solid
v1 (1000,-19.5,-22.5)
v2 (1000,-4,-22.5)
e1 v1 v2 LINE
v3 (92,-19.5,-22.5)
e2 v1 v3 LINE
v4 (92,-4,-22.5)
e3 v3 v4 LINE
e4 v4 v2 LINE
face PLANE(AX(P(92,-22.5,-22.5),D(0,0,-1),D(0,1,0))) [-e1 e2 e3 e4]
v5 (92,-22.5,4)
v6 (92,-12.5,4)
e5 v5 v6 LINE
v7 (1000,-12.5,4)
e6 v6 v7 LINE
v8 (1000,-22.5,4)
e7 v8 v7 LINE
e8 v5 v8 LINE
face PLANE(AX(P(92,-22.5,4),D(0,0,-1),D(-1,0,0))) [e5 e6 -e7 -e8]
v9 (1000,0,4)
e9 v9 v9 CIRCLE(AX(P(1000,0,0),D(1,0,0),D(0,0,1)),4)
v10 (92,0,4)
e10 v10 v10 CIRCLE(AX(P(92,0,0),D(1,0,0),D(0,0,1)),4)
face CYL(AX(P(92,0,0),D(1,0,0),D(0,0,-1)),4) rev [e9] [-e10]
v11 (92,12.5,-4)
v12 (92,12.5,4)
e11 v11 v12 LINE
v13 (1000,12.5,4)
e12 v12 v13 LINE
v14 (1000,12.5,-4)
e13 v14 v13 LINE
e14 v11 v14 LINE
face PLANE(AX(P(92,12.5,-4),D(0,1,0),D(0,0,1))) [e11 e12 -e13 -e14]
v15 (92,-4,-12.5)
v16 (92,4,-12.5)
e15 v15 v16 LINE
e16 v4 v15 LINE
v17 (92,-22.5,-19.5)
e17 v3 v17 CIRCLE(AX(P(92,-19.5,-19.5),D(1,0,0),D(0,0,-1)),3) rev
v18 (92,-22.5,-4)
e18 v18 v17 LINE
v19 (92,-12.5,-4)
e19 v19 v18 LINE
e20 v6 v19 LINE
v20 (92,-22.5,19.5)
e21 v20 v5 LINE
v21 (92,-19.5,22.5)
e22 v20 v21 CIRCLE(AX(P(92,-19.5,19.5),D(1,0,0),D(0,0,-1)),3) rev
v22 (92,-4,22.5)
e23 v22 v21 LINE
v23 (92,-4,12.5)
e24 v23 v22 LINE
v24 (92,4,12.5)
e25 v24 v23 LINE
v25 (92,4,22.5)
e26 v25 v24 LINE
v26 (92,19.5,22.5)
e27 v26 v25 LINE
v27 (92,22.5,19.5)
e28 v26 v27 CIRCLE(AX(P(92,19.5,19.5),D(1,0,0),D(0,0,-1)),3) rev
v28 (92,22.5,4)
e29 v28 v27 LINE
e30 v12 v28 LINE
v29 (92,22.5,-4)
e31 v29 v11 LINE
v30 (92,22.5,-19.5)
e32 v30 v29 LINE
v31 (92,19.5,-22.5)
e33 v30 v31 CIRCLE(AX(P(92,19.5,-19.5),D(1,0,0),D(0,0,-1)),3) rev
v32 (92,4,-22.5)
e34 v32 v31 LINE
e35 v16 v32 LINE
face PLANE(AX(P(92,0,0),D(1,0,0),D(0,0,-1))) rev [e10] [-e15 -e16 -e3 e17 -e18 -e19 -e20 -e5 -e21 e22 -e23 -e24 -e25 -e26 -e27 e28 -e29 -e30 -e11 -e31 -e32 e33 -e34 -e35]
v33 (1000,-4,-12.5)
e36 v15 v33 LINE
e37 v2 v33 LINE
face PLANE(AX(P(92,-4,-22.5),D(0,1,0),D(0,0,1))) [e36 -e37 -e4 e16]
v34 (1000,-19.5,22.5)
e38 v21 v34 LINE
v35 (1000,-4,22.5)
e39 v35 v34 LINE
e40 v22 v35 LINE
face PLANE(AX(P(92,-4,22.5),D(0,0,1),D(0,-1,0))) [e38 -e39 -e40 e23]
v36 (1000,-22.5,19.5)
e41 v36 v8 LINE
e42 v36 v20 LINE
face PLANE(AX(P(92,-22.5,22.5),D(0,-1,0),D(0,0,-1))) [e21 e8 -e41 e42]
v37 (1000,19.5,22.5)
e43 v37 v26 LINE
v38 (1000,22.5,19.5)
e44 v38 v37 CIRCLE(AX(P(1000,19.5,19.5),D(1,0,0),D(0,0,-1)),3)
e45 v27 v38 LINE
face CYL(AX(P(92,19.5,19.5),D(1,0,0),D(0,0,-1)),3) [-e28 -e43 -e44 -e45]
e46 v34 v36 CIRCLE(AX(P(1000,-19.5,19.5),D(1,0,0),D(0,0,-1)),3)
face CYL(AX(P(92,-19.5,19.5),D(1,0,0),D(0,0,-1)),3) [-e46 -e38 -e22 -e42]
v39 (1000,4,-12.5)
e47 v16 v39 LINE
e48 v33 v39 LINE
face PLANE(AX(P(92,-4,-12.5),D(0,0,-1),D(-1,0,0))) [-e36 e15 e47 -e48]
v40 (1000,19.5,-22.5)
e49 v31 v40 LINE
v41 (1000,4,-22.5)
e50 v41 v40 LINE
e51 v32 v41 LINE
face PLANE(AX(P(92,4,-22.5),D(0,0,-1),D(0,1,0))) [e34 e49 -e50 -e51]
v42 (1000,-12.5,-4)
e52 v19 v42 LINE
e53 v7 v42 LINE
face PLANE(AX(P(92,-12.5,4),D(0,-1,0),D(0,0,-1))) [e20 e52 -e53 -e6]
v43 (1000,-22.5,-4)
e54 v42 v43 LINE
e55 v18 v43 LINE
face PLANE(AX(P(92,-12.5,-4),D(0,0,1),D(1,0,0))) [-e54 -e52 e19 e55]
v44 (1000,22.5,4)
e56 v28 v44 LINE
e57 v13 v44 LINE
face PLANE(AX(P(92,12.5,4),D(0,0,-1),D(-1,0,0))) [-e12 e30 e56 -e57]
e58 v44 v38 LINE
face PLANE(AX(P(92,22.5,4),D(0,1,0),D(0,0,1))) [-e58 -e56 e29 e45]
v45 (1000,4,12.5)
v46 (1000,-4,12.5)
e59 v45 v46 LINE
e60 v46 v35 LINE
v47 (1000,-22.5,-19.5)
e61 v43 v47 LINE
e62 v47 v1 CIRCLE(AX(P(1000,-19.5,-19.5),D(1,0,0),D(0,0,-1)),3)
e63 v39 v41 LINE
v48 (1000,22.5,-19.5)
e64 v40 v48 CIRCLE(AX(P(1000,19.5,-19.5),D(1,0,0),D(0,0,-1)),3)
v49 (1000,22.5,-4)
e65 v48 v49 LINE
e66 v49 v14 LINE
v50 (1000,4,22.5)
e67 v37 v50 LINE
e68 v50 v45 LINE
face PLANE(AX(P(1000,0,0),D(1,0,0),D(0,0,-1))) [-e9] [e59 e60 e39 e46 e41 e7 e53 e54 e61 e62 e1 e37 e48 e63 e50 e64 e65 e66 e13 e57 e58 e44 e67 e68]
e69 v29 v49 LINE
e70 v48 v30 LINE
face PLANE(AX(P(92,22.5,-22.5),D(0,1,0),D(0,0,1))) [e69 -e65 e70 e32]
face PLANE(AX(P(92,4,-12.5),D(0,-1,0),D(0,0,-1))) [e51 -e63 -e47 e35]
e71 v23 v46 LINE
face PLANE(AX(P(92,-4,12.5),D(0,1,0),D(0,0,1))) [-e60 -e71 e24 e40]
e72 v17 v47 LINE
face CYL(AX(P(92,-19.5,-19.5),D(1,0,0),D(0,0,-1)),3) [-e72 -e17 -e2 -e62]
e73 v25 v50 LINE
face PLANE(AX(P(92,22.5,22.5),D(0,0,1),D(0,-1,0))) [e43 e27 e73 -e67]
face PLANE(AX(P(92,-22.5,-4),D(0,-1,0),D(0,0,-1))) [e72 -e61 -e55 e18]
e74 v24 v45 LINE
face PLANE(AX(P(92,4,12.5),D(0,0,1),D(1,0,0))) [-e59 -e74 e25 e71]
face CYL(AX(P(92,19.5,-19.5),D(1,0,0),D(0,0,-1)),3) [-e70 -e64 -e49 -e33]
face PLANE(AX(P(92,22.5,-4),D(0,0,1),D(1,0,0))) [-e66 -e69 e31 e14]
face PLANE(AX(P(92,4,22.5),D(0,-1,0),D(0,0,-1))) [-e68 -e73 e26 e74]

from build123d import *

# Parameters (mm, degrees)
ESQUISSE1_R        = 4
BOSS_EXTRU_1_DEPTH = 908
FILLET1_R          = 3


with BuildPart() as part:
    # Esquisse1 → Boss.-Extru.1 (new body)
    with BuildSketch(Plane(origin=(1000, 0, 0), x_dir=(0, 0, -1), z_dir=(1, 0, 0))):
        Polygon((22.5, -4), (12.5, -4), (12.5, 4), (22.5, 4), (22.5, 22.5), (4, 22.5), (4, 12.5), (-4, 12.5), (-4, 22.5), (-22.5, 22.5), (-22.5, 4), (-12.5, 4), (-12.5, -4), (-22.5, -4), (-22.5, -22.5), (-4, -22.5), (-4, -12.5), (4, -12.5), (4, -22.5), (22.5, -22.5), align=None)
        Circle(ESQUISSE1_R, mode=Mode.SUBTRACT)
    extrude(amount=-BOSS_EXTRU_1_DEPTH)

    # Fillet1
    fillet1_edges = [part.edges().sort_by_distance(p)[0] for p in [
        (546, -22.5, -22.5),
        (546, -22.5, 22.5),
        (546, 22.5, 22.5),
        (546, 22.5, -22.5),
    ]]
    fillet(fillet1_edges, radius=FILLET1_R)


solid = part.part
